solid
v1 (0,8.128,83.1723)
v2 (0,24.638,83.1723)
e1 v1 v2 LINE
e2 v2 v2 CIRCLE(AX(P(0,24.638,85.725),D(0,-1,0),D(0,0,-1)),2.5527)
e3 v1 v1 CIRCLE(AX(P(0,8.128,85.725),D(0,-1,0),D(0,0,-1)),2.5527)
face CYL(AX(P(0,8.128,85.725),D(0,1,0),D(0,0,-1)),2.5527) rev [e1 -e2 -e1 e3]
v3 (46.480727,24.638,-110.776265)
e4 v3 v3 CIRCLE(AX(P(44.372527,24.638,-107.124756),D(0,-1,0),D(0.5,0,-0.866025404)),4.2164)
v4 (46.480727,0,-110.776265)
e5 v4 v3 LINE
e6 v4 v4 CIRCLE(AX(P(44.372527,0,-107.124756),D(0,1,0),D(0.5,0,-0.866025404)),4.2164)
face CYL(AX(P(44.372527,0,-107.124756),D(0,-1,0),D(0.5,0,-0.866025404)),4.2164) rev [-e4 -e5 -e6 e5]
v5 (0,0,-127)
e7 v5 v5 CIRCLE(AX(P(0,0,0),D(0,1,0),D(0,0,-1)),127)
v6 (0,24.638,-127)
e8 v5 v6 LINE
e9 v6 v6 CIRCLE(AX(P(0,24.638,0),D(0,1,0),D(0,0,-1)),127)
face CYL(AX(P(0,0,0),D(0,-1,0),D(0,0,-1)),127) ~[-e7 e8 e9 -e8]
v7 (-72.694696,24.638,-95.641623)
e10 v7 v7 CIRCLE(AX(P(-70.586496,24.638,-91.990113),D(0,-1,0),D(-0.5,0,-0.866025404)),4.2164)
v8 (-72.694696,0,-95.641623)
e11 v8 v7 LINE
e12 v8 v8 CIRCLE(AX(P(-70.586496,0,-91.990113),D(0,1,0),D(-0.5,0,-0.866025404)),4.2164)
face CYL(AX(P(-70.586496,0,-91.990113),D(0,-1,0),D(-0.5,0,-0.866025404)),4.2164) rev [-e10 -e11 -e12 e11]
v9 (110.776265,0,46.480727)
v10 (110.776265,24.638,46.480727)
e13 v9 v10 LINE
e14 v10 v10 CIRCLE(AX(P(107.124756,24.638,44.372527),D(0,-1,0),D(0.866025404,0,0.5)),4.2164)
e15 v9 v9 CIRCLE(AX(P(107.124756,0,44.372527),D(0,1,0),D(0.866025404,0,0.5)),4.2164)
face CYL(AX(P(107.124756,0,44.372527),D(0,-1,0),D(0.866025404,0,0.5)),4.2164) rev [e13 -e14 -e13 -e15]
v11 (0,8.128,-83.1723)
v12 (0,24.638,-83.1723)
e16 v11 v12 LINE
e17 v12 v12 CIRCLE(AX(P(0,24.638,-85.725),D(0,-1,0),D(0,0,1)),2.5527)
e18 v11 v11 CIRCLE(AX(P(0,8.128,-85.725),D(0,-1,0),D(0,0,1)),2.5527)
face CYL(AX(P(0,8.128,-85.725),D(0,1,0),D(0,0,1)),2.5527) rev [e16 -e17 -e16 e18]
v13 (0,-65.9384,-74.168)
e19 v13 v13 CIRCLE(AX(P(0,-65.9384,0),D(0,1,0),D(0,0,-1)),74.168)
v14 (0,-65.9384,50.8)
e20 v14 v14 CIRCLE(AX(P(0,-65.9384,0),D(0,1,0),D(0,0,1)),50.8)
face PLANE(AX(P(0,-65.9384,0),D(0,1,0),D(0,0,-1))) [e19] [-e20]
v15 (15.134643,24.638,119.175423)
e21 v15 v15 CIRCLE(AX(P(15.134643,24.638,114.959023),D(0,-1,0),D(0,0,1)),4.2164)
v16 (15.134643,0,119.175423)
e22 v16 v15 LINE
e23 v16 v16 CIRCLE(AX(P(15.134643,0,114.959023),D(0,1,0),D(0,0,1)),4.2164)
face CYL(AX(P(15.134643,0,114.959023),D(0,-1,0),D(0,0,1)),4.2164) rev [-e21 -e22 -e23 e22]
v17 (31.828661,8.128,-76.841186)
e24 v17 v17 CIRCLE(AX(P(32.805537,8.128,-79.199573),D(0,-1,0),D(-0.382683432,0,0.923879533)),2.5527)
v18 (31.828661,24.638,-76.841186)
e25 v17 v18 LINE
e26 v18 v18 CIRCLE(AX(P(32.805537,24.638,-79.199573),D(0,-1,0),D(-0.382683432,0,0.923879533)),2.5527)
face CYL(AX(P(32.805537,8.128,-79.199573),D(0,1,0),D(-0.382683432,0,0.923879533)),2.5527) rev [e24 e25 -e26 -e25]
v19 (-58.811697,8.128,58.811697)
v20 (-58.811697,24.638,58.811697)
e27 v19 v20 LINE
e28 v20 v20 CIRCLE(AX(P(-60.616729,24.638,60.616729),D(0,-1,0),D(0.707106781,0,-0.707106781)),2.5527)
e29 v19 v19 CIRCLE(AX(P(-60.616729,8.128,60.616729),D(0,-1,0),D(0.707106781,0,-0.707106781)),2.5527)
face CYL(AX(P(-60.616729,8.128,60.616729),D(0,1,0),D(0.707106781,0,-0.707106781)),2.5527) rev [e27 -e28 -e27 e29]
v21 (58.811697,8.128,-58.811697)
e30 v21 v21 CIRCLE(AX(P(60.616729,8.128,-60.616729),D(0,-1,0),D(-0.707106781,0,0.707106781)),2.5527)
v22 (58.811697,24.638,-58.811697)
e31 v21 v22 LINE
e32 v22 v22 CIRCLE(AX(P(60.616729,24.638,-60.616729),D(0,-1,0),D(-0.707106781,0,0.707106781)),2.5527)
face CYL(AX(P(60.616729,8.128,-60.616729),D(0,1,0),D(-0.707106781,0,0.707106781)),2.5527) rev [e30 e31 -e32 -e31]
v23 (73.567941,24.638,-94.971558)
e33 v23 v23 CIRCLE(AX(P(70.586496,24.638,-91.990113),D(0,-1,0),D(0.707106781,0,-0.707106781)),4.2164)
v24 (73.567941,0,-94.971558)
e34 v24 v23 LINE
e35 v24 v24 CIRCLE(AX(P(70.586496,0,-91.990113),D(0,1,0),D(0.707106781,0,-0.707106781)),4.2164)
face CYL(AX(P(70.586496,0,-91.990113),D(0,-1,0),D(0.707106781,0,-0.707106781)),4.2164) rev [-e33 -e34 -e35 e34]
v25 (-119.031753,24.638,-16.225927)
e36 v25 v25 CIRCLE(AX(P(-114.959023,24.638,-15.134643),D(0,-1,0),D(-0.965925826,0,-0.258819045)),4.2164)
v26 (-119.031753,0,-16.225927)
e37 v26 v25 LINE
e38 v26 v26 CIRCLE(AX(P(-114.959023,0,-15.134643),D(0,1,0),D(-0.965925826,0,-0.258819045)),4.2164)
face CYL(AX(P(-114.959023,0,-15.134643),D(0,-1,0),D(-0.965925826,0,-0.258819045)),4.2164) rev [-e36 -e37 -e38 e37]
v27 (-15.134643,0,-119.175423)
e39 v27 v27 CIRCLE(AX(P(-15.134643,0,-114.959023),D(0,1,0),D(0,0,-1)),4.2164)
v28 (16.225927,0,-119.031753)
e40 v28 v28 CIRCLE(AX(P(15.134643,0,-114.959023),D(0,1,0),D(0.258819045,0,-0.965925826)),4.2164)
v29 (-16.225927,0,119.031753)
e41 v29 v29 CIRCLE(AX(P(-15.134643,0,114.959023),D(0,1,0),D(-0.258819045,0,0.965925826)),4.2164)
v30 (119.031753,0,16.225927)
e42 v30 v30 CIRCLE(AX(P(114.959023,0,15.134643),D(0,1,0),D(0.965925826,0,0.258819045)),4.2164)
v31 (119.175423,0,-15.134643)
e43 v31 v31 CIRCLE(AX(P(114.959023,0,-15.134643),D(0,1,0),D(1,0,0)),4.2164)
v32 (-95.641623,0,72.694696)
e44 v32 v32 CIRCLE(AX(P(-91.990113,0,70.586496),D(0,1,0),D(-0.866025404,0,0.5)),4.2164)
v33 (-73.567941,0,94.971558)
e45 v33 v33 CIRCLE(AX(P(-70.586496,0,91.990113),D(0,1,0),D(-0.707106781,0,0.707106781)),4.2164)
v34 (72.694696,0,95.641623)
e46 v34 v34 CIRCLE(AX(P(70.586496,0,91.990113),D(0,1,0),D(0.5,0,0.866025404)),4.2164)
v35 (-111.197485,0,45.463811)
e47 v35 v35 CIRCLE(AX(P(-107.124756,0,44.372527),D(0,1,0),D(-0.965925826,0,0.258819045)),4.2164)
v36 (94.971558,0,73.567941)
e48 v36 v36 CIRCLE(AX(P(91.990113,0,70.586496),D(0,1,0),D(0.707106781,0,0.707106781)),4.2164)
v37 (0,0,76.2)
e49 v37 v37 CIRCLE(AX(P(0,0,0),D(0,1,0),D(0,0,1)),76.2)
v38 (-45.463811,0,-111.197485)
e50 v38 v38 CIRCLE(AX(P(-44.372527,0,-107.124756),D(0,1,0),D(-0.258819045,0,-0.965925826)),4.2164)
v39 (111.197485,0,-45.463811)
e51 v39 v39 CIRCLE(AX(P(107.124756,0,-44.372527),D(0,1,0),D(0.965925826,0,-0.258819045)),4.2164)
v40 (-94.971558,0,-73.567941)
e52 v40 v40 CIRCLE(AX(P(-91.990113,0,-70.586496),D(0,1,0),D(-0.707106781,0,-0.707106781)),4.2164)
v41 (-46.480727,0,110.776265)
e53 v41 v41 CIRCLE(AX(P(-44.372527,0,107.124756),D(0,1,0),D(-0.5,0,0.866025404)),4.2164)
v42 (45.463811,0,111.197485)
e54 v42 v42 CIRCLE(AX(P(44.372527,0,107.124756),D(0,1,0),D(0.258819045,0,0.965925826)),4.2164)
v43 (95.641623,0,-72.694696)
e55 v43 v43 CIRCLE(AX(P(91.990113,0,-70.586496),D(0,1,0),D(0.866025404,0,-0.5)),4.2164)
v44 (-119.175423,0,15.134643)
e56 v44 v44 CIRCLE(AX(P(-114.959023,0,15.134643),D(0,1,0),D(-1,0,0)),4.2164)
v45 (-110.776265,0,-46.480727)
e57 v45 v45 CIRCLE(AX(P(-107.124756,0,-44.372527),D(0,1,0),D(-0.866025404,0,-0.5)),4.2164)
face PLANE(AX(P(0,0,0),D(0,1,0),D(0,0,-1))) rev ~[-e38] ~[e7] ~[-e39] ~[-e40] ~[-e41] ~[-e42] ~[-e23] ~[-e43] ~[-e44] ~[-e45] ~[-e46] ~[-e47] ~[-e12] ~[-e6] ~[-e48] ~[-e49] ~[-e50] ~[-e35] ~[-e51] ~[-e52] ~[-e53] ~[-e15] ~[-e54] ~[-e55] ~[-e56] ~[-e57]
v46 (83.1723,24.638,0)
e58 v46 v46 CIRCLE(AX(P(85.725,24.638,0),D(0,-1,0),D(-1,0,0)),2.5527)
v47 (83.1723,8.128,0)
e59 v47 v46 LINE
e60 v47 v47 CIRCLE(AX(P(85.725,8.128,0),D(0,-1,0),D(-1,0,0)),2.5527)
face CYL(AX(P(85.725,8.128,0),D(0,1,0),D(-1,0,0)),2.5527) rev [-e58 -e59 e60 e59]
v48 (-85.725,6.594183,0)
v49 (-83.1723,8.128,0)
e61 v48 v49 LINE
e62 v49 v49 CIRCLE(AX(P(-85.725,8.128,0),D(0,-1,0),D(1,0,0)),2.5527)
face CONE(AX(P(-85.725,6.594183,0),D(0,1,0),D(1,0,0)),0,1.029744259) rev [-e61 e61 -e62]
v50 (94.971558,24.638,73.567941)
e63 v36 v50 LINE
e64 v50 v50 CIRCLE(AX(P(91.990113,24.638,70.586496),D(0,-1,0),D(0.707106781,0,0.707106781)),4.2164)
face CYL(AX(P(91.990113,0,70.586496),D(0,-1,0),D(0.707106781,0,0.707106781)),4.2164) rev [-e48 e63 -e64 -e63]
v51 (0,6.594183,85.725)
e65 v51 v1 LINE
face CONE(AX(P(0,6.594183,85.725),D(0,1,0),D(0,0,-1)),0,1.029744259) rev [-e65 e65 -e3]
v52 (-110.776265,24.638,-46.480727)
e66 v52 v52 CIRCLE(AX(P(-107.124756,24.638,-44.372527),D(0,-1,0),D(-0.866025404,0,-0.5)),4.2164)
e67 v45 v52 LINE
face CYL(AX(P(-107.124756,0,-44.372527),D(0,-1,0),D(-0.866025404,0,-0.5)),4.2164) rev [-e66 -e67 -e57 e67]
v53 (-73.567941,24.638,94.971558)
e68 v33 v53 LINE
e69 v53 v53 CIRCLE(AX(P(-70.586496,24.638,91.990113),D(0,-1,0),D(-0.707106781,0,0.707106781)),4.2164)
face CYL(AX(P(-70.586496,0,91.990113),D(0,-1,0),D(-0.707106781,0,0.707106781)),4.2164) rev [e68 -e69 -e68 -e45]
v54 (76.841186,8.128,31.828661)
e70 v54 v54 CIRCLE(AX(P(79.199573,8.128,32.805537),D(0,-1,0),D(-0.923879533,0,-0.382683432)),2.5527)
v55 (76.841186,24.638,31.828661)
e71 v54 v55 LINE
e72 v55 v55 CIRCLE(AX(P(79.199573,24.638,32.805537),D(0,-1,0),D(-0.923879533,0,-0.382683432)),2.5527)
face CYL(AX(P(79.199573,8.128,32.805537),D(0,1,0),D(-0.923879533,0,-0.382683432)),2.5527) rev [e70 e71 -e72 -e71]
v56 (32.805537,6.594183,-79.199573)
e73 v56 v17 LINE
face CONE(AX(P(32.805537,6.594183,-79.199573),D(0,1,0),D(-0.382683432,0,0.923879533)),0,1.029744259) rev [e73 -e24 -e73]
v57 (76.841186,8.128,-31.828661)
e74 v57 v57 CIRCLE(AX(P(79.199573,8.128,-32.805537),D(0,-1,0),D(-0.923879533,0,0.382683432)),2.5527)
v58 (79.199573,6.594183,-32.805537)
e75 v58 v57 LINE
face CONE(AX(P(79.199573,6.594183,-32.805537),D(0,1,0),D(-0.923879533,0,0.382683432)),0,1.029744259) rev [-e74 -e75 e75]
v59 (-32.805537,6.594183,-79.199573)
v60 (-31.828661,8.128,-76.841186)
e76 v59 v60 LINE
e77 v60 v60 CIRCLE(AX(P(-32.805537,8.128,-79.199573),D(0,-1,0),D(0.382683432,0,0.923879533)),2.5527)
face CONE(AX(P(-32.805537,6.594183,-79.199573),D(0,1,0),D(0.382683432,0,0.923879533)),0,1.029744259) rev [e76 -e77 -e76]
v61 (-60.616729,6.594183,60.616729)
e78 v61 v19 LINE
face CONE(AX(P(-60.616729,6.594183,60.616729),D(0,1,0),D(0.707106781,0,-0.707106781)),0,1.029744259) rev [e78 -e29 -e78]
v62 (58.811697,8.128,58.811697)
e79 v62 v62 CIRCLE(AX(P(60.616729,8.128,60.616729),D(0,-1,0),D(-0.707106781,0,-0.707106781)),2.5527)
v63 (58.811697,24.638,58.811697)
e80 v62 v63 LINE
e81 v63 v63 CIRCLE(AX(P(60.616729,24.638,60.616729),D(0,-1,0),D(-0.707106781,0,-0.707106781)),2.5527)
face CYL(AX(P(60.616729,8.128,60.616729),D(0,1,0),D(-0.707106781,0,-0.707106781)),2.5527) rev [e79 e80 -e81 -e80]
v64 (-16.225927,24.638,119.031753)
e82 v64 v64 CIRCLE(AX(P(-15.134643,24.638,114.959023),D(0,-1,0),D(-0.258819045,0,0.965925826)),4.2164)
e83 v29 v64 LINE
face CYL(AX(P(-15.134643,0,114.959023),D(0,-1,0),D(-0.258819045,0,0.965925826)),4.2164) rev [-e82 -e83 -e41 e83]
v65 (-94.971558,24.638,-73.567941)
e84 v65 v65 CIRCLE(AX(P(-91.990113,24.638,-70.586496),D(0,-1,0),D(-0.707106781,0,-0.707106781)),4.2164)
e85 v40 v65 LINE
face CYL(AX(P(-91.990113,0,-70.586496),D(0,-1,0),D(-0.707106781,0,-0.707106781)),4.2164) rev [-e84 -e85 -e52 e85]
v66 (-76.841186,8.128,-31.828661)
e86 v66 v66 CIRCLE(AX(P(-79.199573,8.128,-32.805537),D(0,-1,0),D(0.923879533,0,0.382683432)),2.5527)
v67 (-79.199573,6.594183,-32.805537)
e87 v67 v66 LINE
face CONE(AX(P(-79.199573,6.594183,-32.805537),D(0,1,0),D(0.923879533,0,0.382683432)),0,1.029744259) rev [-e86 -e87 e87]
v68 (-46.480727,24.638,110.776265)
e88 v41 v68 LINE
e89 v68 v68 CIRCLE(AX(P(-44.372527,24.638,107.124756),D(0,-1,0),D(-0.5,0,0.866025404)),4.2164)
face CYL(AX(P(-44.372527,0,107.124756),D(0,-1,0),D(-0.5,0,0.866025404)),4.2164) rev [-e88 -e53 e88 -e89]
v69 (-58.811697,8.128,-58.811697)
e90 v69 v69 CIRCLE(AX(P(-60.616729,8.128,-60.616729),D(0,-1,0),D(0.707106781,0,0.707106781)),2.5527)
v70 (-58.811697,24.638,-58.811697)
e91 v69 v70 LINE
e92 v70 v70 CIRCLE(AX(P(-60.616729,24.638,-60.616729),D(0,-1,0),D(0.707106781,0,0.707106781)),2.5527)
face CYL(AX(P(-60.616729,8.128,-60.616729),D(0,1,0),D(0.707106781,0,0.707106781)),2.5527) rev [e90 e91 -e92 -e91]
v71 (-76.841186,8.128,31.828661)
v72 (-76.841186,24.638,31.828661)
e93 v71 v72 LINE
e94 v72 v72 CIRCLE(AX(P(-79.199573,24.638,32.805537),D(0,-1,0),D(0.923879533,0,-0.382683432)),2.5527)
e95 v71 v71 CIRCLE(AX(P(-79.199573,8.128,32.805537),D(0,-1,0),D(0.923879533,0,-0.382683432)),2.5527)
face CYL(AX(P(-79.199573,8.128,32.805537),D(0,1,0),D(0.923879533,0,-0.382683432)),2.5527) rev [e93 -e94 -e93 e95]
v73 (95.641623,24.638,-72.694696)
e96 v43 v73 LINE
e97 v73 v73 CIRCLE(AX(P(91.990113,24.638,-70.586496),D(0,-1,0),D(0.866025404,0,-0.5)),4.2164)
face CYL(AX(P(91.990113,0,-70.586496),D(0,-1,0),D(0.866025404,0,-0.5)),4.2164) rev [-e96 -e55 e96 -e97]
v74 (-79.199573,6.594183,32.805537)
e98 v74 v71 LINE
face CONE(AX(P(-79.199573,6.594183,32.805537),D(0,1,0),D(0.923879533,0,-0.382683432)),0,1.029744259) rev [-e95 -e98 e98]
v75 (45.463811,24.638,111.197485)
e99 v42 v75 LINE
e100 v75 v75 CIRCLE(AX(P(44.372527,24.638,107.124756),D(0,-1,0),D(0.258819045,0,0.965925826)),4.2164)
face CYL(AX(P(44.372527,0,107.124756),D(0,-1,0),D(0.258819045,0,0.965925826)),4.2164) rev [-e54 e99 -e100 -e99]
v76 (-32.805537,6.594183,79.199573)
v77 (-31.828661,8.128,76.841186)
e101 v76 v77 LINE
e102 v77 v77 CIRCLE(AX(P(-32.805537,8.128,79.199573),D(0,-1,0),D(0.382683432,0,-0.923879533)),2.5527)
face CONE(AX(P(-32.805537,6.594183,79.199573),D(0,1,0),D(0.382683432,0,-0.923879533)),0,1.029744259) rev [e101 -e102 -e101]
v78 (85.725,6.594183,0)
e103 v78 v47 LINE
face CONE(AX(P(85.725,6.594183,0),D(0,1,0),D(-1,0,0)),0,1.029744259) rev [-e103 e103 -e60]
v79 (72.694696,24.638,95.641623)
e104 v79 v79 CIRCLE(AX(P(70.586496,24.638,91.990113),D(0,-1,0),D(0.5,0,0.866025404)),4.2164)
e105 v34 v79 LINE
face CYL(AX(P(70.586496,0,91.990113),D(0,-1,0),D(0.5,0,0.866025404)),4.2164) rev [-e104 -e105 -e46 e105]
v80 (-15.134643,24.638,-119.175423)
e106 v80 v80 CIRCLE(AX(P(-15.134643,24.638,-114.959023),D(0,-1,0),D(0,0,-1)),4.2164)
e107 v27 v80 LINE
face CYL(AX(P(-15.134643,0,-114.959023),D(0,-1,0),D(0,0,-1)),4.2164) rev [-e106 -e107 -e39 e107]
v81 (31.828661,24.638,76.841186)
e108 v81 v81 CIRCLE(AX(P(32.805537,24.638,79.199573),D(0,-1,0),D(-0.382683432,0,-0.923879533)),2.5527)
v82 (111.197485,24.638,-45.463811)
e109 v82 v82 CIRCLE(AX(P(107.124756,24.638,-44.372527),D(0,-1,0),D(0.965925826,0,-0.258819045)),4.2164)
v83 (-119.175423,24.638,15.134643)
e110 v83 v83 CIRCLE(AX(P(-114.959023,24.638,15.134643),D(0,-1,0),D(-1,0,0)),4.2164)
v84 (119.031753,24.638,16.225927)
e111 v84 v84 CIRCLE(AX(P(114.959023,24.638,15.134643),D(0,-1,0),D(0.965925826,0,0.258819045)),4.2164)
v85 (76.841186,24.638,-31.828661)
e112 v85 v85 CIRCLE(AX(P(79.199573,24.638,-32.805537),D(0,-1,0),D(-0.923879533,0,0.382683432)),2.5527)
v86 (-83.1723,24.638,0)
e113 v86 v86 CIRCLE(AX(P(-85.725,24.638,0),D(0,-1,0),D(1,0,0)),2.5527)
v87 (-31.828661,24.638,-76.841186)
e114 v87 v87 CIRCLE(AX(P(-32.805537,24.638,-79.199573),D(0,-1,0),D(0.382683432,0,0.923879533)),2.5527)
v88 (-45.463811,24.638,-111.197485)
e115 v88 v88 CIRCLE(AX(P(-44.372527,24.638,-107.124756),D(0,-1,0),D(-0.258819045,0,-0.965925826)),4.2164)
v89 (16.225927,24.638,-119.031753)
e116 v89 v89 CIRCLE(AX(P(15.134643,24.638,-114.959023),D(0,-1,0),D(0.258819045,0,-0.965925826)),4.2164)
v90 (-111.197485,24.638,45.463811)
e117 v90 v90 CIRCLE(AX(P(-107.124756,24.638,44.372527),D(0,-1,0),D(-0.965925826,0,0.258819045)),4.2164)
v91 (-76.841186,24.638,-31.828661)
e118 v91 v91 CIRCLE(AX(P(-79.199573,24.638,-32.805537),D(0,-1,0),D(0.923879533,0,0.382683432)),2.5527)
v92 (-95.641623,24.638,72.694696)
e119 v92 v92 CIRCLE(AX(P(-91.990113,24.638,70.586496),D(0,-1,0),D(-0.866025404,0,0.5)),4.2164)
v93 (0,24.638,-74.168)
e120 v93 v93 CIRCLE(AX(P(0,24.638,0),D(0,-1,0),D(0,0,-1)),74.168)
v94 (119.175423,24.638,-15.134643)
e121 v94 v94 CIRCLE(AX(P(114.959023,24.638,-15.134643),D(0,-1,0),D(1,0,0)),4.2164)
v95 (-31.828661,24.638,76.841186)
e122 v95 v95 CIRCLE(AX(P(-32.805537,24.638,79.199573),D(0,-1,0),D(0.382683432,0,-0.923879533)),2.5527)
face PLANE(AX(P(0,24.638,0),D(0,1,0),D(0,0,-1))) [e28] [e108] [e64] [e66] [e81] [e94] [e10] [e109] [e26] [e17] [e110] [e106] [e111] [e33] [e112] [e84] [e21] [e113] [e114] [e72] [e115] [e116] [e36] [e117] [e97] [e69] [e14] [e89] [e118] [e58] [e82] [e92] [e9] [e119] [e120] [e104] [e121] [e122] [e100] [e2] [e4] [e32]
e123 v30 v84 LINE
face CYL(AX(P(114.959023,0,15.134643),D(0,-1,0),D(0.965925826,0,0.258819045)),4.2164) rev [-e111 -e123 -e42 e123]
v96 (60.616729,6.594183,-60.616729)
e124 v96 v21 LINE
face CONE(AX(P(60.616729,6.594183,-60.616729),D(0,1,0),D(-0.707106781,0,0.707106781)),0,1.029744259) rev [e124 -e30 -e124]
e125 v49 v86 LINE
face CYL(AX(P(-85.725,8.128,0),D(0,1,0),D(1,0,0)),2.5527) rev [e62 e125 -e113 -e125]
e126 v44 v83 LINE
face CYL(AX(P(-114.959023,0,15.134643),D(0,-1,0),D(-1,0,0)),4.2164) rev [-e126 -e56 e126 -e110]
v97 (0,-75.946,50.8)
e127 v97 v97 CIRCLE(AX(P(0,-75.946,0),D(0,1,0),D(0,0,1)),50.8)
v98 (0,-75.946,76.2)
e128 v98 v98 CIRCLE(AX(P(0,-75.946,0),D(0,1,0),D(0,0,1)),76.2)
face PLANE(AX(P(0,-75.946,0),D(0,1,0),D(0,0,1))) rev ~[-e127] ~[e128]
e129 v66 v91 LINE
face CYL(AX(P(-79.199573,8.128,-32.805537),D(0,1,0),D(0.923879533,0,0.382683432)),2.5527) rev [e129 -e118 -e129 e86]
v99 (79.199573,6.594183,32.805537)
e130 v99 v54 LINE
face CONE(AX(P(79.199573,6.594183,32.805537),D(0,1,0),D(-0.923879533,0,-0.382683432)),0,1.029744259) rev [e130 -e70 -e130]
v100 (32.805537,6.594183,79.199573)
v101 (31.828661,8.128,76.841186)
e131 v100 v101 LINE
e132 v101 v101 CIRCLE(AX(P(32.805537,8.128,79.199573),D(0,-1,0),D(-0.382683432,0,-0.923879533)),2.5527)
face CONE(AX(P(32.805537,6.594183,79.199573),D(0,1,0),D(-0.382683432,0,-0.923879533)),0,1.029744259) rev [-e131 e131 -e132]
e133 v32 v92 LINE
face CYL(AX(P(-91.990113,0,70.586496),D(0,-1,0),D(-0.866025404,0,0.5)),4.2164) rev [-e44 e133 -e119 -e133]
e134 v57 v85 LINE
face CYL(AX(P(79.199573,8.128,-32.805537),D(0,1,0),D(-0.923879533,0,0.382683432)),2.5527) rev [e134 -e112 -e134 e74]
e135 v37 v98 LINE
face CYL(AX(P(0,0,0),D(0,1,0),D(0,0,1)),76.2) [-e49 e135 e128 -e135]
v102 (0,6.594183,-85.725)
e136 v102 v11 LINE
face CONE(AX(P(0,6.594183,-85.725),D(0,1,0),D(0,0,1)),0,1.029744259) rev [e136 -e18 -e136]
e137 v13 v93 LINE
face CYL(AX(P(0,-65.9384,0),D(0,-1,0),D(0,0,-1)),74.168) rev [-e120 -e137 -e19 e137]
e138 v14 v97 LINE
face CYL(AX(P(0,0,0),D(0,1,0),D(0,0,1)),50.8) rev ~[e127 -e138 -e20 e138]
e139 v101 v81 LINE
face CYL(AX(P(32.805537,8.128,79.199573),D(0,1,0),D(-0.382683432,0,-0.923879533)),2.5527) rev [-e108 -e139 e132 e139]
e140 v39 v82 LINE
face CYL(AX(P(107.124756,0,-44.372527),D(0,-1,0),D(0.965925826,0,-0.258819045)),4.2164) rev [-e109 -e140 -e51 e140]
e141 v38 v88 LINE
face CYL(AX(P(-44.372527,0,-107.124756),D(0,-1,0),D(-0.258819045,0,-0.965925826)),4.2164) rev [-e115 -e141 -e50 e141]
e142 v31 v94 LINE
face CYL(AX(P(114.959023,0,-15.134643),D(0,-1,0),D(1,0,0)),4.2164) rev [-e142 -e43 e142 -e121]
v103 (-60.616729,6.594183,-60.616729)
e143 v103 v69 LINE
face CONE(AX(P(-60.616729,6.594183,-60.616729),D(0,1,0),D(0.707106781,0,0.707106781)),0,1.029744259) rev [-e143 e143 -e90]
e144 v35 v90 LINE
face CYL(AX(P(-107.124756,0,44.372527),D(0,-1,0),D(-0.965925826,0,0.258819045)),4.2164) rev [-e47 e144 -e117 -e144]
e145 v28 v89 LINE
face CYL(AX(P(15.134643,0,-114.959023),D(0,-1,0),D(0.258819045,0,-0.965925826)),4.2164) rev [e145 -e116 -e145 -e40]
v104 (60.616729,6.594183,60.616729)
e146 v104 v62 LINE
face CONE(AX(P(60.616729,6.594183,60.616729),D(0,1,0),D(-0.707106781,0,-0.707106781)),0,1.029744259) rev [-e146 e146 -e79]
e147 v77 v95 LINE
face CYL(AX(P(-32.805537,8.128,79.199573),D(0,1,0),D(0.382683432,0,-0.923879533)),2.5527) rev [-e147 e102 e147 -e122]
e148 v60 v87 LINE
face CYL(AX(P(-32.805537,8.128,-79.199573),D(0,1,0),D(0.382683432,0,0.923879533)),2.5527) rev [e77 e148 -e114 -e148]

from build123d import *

# Parameters (mm, degrees)
SKETCH1_R               = 76.2
EXTRUDE1_DEPTH          = 75.946
SKETCH2_R               = 127
EXTRUDE2_DEPTH          = 24.638
CUT_EXTRUDE1_DEPTH      = 196.002038236
CUT_EXTRUDE1_DEPTH_BACK = 65.9384
SKETCH3_R               = 74.168
SKETCH4_R               = 50.8
CUT_EXTRUDE2_DEPTH      = 196.002038236
CIRPATTERN2_COUNT       = 16
SKETCH5_R               = 4.2164
CUT_EXTRUDE5_DEPTH      = 196.002038236
CIRPATTERN3_COUNT       = 24


with BuildPart() as part:
    # Sketch1 → Extrude1 (new body)
    with BuildSketch(Plane(origin=(0, 0, 0), x_dir=(1, 0, 0), z_dir=(0, 1, 0))):
        with Locations(Location((0, 0, 0), (0, 0, 270))):
            Circle(SKETCH1_R)
    extrude(amount=-EXTRUDE1_DEPTH)

    # Sketch2 → Extrude2 (add)
    with BuildSketch(Plane(origin=(0, 0, 0), x_dir=(1, 0, 0), z_dir=(0, 1, 0))):
        with Locations(Location((0, 0, 0), (0, 0, 90))):
            Circle(SKETCH2_R)
    extrude(amount=EXTRUDE2_DEPTH)

    # Sketch3 → Cut-Extrude1 (cut, two sides: drawn at the far end of the back side and taken through both)
    with BuildSketch(Plane(origin=(0, 0, 0), x_dir=(1, 0, 0), z_dir=(0, 1, 0)).offset(-CUT_EXTRUDE1_DEPTH_BACK)):
        with Locations(Location((0, 0, 0), (0, 0, 90))):
            Circle(SKETCH3_R)
    extrude(amount=CUT_EXTRUDE1_DEPTH + CUT_EXTRUDE1_DEPTH_BACK, mode=Mode.SUBTRACT)

    # Sketch4 → Cut-Extrude2 (cut, through all)
    with BuildSketch(Plane(origin=(0, 0, 0), x_dir=(1, 0, 0), z_dir=(0, 1, 0))):
        with Locations(Location((0, 0, 0), (0, 0, 270))):
            Circle(SKETCH4_R)
    extrude(amount=-CUT_EXTRUDE2_DEPTH, mode=Mode.SUBTRACT)

    # Sketch11 → 1/4-20 Tapped Hole1 (revolve, cut)
    with BuildSketch(Plane(origin=(0, 24.638, -85.725), x_dir=(0, 0, 1), z_dir=(1, 0, 0))):
        Polygon((0, 0), (0, 18.043816902), (2.5527, 16.51), (2.5527, 0), align=None)
    f_1_4_20_tapped_hole1 = revolve(axis=Axis((0, 30.988, -85.725), (0, -1, 0)), mode=Mode.SUBTRACT)

    # CirPattern2: 1/4-20 Tapped Hole1 ×16 about axis
    cirpattern2_axis = Axis((0, 0, 0), (0, 1, 0))
    for i in range(1, CIRPATTERN2_COUNT):
        add(f_1_4_20_tapped_hole1.rotate(cirpattern2_axis, i * 360 / CIRPATTERN2_COUNT), mode=Mode.SUBTRACT)

    # Sketch5 → Cut-Extrude5 (cut, through all)
    with BuildSketch(Plane(origin=(0, 0, 0), x_dir=(1, 0, 0), z_dir=(0, 1, 0))):
        with Locations(Location((-15.134642514, 114.959023121, 0), (0, 0, 90))):
            Circle(SKETCH5_R)
    cut_extrude5 = extrude(amount=CUT_EXTRUDE5_DEPTH, mode=Mode.SUBTRACT)

    # CirPattern3: Cut-Extrude5 ×24 about axis
    cirpattern3_axis = Axis((0, 0, 0), (0, 1, 0))
    for i in range(1, CIRPATTERN3_COUNT):
        add(cut_extrude5.rotate(cirpattern3_axis, i * 360 / CIRPATTERN3_COUNT), mode=Mode.SUBTRACT)


solid = part.part
